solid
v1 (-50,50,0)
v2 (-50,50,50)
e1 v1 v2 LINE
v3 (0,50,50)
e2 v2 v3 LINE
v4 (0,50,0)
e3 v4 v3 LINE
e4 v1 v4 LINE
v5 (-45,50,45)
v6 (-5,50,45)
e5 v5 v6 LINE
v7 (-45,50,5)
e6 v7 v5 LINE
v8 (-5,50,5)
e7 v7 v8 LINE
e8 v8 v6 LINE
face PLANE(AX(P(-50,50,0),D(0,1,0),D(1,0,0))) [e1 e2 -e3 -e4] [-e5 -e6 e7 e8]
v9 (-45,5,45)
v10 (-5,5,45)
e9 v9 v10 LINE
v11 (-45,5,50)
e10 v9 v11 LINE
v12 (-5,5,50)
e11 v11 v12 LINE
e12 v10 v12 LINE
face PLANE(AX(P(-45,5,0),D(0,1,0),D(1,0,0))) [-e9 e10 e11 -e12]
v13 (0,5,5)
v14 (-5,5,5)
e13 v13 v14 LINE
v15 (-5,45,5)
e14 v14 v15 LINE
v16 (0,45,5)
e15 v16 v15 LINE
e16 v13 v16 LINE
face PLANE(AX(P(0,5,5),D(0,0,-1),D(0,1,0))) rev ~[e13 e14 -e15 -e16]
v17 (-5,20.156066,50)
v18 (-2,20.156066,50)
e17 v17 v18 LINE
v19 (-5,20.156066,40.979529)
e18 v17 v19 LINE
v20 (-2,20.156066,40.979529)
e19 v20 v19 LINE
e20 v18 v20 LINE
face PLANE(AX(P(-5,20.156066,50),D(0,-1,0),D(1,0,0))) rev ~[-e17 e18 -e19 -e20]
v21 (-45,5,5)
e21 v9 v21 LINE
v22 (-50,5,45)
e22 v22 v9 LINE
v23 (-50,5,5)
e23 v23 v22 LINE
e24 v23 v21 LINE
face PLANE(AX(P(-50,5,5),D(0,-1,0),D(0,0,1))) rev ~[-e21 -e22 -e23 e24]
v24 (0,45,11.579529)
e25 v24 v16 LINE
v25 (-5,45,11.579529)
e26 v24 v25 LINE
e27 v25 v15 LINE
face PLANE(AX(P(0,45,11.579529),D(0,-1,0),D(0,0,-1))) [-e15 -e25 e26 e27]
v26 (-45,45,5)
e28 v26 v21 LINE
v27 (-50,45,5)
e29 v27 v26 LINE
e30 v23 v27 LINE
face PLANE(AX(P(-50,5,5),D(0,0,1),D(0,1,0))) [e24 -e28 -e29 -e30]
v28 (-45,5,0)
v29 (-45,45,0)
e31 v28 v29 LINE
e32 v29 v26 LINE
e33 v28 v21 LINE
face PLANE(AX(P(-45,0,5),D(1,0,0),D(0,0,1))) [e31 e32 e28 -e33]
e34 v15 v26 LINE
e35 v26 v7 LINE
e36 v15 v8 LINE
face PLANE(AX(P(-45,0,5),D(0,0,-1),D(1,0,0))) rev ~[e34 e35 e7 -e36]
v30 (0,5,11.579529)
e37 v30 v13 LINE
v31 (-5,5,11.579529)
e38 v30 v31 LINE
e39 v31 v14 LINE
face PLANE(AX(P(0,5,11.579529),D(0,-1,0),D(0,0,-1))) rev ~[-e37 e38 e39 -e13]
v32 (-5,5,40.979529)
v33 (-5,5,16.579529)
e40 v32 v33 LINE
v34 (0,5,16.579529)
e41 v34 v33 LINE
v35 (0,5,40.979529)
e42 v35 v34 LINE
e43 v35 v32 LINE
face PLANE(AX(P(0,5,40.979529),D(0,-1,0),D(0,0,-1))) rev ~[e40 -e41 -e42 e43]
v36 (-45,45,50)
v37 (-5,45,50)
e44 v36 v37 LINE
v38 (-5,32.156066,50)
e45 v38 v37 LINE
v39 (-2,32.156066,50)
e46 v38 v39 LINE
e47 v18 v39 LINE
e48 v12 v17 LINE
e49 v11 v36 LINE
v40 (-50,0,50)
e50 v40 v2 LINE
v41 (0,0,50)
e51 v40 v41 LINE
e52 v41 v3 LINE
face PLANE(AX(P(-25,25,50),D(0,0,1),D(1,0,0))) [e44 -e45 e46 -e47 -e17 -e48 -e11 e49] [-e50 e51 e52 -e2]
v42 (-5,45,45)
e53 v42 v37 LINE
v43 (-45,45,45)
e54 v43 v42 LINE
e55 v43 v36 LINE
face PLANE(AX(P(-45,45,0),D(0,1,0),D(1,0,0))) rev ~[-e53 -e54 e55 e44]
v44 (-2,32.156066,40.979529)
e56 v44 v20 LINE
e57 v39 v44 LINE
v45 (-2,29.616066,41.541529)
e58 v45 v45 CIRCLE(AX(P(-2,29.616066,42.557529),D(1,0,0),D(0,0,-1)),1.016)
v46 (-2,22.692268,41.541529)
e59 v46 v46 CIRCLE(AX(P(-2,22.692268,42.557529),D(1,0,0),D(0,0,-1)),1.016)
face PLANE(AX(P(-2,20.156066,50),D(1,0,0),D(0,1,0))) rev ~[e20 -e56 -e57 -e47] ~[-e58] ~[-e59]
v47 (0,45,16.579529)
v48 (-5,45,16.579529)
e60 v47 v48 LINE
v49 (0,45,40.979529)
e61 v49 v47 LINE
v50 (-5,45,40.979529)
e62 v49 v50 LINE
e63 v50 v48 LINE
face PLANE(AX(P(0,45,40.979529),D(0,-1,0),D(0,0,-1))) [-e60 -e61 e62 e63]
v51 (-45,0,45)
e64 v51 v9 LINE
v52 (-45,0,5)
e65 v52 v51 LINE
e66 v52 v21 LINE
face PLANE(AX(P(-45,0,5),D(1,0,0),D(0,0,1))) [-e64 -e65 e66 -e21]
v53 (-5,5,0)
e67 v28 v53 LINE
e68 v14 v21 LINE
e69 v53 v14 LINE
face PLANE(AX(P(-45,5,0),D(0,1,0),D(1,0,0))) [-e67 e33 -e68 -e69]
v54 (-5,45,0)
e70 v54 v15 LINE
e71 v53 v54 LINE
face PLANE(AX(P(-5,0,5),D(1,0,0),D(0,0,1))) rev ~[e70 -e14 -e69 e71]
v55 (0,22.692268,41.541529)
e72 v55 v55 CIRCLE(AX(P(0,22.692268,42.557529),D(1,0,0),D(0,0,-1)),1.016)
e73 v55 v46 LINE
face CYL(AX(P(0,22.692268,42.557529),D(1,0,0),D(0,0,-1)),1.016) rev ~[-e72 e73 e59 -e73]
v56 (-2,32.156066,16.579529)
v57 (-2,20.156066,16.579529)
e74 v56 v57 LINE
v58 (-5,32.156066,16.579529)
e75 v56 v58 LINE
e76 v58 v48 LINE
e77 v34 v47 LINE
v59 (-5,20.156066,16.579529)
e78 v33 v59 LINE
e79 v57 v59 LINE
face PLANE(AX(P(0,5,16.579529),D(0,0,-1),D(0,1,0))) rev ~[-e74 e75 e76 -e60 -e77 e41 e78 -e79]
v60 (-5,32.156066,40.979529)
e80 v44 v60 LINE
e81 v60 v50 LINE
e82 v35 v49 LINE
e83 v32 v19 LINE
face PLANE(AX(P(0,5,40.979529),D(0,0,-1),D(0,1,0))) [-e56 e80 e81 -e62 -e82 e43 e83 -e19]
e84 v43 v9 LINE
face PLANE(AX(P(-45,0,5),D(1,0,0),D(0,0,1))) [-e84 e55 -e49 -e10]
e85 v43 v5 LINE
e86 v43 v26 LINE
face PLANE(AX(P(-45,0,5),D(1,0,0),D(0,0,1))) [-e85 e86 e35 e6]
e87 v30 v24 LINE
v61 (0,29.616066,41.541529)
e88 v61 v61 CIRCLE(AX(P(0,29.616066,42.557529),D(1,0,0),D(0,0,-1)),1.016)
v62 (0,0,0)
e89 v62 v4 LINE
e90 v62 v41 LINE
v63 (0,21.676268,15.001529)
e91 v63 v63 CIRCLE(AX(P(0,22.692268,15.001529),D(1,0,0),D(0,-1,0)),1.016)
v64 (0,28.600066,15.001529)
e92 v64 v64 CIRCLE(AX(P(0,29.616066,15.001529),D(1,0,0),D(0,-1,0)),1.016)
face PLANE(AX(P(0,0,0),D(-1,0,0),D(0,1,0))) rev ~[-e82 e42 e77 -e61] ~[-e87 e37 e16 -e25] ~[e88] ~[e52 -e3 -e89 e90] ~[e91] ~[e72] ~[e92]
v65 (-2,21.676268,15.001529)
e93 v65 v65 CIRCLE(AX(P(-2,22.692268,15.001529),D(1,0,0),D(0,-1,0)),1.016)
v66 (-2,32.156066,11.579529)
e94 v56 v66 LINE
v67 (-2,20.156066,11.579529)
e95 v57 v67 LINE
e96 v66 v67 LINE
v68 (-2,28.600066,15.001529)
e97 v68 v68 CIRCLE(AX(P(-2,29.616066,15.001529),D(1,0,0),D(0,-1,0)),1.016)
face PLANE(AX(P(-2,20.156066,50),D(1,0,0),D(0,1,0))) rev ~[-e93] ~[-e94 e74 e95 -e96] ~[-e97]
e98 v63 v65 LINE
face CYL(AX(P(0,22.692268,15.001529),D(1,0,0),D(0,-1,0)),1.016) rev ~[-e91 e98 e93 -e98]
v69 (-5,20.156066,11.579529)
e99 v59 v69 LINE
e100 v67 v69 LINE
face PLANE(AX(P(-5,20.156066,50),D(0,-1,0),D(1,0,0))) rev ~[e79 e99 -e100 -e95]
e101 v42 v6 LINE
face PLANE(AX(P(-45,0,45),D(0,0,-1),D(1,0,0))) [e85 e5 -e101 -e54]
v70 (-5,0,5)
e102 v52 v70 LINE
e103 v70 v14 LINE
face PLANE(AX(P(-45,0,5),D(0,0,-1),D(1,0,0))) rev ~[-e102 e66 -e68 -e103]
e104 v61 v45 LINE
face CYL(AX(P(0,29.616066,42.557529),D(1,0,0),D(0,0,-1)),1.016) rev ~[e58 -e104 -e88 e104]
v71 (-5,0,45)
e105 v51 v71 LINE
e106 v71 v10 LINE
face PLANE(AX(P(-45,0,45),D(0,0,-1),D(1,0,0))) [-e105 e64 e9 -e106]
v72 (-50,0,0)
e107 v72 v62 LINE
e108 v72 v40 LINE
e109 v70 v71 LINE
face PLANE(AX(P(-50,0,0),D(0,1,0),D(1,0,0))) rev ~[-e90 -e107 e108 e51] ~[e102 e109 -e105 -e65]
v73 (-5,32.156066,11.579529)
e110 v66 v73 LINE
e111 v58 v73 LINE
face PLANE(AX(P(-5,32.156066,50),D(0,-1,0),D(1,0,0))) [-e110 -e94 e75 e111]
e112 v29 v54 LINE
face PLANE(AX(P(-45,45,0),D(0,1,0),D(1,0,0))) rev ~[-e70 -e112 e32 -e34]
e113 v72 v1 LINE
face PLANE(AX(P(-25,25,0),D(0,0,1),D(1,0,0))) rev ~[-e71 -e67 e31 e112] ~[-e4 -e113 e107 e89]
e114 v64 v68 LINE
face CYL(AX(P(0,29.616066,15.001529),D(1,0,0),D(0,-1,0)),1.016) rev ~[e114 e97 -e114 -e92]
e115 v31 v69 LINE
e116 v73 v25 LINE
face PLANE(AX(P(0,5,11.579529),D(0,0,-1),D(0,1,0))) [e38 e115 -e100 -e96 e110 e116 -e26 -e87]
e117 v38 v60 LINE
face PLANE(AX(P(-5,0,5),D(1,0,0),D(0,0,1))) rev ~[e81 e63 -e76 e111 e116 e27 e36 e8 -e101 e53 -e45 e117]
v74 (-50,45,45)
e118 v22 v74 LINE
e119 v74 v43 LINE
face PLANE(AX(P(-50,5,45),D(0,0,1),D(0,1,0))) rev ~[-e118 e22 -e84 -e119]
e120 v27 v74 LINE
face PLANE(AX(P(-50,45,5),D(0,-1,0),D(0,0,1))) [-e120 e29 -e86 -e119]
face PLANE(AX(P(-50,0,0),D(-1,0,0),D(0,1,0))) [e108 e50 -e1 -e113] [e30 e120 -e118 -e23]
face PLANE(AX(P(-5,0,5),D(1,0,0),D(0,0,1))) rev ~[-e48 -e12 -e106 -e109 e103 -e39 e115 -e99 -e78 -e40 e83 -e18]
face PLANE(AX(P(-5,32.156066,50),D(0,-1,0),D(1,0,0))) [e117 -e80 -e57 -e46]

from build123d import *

# Parameters (mm, degrees)
SKETCH1_W          = 50
SKETCH1_H          = 50
SKETCH1_W_2        = 40
SKETCH1_H_2        = 40
EXTRUDE1_DEPTH     = 50
SKETCH2_W          = 40
SKETCH2_H          = 40
CUT_EXTRUDE1_DEPTH = 50
SKETCH3_W          = 40
SKETCH3_H          = 40
CUT_EXTRUDE2_DEPTH = 10
SKETCH4_W          = 24.4
SKETCH4_H          = 40
SKETCH4_W_2        = 6.57952911
CUT_EXTRUDE3_DEPTH = 10
SKETCH5_R          = 1.016
CUT_EXTRUDE4_DEPTH = 10
SKETCH6_W          = 3
SKETCH6_H          = 12
CUT_EXTRUDE5_DEPTH = 40


with BuildPart() as part:
    # Sketch1 → Extrude1 (new body)
    with BuildSketch(Plane.XY):
        with Locations((-25, 25)):
            Rectangle(SKETCH1_W, SKETCH1_H)
        with Locations((-25, 25)):
            Rectangle(SKETCH1_W_2, SKETCH1_H_2, mode=Mode.SUBTRACT)
    extrude(amount=EXTRUDE1_DEPTH)

    # Sketch2 → Cut-Extrude1 (cut)
    with BuildSketch(Plane.XZ):
        with Locations((-25, 25)):
            Rectangle(SKETCH2_W, SKETCH2_H)
    extrude(amount=-CUT_EXTRUDE1_DEPTH, mode=Mode.SUBTRACT)

    # Sketch3 → Cut-Extrude2 (cut)
    with BuildSketch(Plane.ZY.offset(50)):
        with Locations((25, 25)):
            Rectangle(SKETCH3_W, SKETCH3_H)
    extrude(amount=-CUT_EXTRUDE2_DEPTH, mode=Mode.SUBTRACT)

    # Sketch4 → Cut-Extrude3 (cut)
    with BuildSketch(Plane(origin=(0, 0, 0), x_dir=(0, 0, -1), z_dir=(1, 0, 0))):
        with Locations((-28.77952911, 25)):
            Rectangle(SKETCH4_W, SKETCH4_H)
        with Locations((-8.289764555, 25)):
            Rectangle(SKETCH4_W_2, SKETCH4_H)
    extrude(amount=-CUT_EXTRUDE3_DEPTH, mode=Mode.SUBTRACT)

    # Sketch5 → Cut-Extrude4 (cut)
    with BuildSketch(Plane(origin=(0, 0, 0), x_dir=(0, 0, -1), z_dir=(1, 0, 0))):
        with Locations((-42.55752911, 29.616065633)):
            Circle(SKETCH5_R)
        with Locations((-42.55752911, 22.692268102)):
            Circle(SKETCH5_R)
        with Locations((-15.00152911, 22.692268102)):
            Circle(SKETCH5_R)
        with Locations((-15.00152911, 29.616065633)):
            Circle(SKETCH5_R)
    extrude(amount=-CUT_EXTRUDE4_DEPTH, mode=Mode.SUBTRACT)

    # Sketch6 → Cut-Extrude5 (cut)
    with BuildSketch(Plane.XY.offset(50)):
        with Locations((-3.5, 26.156065633)):
            Rectangle(SKETCH6_W, SKETCH6_H)
    extrude(amount=-CUT_EXTRUDE5_DEPTH, mode=Mode.SUBTRACT)


solid = part.part
